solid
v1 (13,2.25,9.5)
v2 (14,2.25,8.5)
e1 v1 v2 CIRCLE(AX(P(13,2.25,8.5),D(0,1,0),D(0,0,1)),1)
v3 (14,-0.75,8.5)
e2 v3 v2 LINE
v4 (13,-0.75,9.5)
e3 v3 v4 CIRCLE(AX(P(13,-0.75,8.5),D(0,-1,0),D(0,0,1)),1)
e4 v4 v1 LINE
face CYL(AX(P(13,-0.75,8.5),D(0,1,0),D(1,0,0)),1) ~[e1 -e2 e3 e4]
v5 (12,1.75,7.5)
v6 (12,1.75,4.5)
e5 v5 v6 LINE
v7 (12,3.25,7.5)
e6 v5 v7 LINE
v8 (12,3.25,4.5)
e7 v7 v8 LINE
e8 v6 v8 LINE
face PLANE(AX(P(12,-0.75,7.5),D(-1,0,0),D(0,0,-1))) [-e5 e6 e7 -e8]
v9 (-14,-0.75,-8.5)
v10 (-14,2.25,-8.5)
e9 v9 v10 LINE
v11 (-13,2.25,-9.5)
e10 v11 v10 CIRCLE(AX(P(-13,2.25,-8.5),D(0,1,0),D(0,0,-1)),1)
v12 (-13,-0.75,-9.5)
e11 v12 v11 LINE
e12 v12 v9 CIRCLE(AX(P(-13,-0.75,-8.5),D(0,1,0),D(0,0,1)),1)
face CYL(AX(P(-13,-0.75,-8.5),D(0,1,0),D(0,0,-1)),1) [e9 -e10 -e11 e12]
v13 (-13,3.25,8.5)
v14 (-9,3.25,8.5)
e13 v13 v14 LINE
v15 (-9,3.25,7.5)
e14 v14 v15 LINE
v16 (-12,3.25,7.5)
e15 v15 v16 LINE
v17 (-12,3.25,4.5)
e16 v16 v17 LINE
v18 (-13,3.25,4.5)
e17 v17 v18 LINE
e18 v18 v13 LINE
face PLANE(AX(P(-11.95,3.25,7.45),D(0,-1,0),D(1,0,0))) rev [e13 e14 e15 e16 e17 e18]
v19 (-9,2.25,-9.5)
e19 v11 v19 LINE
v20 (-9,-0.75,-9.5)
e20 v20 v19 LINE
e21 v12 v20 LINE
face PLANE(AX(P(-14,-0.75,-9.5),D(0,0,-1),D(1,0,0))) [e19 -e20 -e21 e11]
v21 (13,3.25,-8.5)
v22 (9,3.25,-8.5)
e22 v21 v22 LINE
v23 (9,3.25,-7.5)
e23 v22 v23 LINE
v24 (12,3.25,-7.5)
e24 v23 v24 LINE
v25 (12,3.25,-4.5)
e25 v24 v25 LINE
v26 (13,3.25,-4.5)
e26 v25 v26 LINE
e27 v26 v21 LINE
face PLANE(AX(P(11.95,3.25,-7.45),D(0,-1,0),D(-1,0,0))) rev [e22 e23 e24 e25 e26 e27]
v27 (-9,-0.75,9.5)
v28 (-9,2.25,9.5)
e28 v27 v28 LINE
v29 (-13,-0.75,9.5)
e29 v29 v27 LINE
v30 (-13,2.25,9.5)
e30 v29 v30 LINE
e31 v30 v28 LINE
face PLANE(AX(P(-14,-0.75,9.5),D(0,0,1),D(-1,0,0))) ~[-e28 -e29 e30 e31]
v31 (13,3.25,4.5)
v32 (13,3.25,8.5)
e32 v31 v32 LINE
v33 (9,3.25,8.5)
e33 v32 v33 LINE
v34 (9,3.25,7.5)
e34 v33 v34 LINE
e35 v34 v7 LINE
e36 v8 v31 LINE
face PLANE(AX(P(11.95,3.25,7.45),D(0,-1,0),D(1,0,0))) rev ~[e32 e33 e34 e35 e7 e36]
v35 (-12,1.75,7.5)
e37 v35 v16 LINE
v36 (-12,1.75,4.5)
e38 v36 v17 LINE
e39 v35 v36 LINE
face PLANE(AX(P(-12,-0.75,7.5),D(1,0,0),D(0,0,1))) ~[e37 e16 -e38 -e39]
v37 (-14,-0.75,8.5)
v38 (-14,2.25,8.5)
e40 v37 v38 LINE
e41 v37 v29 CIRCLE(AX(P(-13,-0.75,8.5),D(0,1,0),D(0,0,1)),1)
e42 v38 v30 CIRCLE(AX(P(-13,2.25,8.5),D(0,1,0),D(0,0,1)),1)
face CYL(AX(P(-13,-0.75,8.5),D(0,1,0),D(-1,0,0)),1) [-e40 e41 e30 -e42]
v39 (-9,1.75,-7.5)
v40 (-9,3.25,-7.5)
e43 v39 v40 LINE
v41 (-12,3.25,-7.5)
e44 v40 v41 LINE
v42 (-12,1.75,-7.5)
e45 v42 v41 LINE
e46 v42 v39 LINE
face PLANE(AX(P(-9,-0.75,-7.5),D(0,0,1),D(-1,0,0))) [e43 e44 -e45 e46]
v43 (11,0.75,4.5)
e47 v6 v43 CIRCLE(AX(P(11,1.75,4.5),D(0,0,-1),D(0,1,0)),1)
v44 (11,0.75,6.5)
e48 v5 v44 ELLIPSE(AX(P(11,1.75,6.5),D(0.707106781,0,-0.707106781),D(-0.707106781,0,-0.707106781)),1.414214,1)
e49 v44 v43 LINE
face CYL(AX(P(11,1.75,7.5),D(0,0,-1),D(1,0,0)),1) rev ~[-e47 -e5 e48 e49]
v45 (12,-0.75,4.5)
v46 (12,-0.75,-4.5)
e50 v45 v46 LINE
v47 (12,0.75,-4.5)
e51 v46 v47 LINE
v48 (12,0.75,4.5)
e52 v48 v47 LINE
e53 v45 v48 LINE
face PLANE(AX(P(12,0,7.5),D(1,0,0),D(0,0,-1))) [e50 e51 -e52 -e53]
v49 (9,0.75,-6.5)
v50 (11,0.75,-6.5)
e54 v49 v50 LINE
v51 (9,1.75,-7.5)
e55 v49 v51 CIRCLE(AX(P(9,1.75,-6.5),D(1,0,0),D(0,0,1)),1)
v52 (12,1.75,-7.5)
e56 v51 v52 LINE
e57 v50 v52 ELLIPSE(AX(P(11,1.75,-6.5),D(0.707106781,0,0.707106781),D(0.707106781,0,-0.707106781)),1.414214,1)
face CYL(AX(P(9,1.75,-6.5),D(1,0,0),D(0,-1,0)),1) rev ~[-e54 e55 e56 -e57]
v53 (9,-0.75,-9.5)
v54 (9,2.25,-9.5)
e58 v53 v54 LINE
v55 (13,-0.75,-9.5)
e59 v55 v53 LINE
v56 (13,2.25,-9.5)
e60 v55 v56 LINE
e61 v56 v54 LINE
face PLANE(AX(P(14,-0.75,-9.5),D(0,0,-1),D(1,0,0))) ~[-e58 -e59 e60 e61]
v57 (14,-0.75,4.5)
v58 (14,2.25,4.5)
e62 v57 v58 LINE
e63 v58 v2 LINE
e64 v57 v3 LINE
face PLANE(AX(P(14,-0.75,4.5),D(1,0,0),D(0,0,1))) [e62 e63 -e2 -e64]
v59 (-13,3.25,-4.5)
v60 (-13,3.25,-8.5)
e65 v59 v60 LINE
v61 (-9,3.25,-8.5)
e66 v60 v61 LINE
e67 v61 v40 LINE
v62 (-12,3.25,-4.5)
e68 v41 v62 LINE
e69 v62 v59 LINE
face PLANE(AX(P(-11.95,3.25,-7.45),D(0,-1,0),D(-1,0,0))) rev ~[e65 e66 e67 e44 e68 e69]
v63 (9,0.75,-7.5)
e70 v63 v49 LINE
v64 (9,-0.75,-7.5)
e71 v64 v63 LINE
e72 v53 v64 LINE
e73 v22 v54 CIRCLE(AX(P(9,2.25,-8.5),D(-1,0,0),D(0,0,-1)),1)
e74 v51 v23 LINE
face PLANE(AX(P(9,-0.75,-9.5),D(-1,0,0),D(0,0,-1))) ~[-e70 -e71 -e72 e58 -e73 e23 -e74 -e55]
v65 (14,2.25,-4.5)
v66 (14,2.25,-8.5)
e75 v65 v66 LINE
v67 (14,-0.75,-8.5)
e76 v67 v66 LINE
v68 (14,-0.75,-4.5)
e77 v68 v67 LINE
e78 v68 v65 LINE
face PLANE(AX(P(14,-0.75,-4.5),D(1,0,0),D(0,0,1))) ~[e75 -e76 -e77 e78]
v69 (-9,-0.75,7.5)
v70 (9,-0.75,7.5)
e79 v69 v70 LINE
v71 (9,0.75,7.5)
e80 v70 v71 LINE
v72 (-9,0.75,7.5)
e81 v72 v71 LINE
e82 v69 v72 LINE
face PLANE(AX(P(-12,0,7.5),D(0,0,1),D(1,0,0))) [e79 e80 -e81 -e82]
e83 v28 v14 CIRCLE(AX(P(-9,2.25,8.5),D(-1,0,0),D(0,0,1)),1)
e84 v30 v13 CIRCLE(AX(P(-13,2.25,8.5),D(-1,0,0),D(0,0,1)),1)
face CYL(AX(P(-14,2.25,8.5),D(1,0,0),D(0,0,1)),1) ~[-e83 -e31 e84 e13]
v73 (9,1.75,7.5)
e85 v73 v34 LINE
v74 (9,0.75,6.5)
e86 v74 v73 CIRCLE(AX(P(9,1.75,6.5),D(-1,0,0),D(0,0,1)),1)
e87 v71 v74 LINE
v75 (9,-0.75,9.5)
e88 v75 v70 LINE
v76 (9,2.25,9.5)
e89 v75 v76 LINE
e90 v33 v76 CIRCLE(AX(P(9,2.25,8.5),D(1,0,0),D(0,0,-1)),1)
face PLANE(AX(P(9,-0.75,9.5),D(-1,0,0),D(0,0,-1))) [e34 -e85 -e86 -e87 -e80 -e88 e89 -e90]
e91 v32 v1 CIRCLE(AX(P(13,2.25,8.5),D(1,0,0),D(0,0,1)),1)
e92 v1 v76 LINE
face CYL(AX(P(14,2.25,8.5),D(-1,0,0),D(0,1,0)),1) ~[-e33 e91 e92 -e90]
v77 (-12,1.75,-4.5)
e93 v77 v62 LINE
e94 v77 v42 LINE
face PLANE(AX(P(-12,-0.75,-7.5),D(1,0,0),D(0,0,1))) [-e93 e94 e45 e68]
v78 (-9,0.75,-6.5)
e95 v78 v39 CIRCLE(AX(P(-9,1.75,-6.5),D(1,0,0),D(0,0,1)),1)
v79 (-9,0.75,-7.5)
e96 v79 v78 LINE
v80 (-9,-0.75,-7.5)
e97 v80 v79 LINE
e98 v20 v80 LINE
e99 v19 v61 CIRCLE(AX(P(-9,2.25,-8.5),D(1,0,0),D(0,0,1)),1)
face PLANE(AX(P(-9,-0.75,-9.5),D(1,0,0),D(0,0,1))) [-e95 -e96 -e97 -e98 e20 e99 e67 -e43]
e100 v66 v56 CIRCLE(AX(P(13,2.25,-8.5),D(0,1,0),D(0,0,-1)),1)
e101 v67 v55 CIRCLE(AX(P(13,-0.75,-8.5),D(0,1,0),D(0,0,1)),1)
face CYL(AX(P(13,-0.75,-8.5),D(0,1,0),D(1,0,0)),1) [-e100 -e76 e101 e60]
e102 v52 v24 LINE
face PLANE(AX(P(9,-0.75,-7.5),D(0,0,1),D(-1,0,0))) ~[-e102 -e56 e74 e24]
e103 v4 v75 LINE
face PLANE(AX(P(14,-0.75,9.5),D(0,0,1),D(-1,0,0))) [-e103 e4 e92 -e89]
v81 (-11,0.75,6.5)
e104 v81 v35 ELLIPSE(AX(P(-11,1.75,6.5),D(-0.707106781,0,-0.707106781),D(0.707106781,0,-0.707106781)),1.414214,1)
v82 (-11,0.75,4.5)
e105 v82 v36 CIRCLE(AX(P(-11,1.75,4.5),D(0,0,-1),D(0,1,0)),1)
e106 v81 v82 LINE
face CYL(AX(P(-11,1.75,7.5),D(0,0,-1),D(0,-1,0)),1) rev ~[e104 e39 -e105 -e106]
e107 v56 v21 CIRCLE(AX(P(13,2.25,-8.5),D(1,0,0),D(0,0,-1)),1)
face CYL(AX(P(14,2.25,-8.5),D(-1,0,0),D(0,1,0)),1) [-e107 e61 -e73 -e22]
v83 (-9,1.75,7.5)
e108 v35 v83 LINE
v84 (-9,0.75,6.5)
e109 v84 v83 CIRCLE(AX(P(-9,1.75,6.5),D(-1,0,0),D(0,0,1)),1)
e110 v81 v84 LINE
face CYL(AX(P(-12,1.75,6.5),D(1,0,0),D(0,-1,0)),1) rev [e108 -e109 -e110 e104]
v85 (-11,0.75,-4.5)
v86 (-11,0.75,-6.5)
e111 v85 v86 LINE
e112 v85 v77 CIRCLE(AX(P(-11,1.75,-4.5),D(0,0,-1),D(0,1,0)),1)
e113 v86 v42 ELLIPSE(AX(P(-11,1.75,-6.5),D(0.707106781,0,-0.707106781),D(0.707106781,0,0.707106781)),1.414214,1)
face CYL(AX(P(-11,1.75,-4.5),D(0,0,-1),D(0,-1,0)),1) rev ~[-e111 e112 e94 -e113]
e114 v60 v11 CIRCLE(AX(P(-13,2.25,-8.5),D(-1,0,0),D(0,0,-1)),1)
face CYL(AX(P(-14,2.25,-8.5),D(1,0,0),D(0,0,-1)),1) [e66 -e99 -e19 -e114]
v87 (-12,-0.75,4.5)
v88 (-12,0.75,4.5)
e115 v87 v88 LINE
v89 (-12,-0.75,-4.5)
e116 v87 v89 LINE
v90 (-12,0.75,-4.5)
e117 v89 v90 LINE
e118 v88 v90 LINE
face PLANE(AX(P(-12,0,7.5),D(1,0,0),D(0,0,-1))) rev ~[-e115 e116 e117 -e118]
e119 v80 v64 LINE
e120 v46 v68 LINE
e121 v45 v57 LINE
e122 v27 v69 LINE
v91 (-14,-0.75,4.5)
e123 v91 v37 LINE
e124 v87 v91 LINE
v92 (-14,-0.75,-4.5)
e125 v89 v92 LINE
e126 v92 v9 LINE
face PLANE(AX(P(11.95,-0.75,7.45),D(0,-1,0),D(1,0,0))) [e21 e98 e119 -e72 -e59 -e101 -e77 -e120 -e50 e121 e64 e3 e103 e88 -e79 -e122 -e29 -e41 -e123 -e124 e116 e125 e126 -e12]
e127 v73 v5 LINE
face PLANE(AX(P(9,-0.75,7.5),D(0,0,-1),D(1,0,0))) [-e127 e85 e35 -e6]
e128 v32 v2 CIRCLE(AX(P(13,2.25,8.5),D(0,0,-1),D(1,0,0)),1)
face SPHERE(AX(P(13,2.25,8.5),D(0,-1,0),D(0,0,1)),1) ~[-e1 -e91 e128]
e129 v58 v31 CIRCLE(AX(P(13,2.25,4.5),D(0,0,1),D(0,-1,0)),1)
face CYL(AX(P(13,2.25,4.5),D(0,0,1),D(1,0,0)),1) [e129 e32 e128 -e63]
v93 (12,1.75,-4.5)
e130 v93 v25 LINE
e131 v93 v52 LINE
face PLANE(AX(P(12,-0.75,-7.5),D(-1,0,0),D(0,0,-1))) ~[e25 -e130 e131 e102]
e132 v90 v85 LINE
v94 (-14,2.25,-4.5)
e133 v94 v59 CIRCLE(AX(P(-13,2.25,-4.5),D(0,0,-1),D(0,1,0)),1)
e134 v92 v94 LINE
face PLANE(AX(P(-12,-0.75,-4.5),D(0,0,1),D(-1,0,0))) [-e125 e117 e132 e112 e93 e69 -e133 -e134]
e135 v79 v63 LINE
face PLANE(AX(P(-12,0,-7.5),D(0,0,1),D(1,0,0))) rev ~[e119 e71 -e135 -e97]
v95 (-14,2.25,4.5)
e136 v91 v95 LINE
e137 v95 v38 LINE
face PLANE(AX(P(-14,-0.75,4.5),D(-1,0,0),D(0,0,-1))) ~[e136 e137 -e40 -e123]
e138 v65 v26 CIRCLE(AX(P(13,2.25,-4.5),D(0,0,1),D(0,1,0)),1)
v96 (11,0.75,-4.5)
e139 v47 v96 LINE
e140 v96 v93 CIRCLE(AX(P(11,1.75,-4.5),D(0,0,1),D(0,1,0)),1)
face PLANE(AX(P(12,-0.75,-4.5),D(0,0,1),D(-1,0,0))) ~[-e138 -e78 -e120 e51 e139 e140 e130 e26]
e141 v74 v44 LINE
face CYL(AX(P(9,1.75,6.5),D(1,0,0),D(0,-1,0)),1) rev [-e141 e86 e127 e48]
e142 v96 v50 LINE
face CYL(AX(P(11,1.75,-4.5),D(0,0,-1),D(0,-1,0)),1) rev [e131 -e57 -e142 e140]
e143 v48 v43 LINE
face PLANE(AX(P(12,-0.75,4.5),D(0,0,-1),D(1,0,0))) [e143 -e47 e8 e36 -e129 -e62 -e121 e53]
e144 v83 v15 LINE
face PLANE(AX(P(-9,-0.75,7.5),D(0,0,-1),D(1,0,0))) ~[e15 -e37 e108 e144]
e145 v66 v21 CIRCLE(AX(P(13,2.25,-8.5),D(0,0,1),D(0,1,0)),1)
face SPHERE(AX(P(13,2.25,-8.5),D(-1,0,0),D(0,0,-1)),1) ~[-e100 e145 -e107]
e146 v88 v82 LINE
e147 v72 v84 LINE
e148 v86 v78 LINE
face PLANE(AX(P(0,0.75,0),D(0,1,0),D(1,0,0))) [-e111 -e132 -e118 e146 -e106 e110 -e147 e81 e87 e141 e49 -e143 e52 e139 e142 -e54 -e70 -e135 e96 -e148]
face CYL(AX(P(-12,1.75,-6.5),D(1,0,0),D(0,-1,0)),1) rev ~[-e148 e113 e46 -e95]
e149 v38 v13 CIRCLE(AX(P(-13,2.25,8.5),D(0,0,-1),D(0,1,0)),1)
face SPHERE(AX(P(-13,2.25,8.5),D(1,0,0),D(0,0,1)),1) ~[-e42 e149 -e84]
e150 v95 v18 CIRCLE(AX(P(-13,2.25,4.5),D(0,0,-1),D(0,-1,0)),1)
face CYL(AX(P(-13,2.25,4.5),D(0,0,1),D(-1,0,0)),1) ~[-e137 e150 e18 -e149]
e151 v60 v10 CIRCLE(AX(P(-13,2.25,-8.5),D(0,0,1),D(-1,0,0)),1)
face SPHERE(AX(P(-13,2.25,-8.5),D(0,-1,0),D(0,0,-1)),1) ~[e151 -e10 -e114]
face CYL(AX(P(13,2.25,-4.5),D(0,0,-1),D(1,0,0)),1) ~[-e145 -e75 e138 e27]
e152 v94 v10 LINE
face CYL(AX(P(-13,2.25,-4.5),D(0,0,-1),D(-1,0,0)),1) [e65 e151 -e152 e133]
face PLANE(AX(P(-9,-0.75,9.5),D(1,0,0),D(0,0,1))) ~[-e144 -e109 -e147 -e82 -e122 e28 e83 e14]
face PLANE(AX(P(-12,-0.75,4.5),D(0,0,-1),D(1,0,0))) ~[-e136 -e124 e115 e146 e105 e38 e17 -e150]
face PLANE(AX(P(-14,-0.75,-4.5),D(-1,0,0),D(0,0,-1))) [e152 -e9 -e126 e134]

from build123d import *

# Parameters (mm, degrees)
SKETCH1_W            = 24
SKETCH1_H            = 15
BOSS_EXTRUDE1_DEPTH  = 0.75
BOSS_EXTRUDE2_START  = -1.5
BOSS_EXTRUDE2_DEPTH  = 4
MIRROR2_START        = -1.5
MIRROR2_COPY_1_DEPTH = 4
FILLET1_R            = 1


with BuildPart() as part:
    # Sketch1 → Boss-Extrude1 (new, symmetric)
    with BuildSketch(Plane(origin=(0, 0, 0), x_dir=(1, 0, 0), z_dir=(0, 1, 0))):
        Rectangle(SKETCH1_W, SKETCH1_H)
    extrude(amount=BOSS_EXTRUDE1_DEPTH, both=True)

    # Sketch2 → Boss-Extrude2 (add)
    with BuildSketch(Plane(origin=(0, 0.75, 0), x_dir=(1, 0, 0), z_dir=(0, 1, 0)).offset(BOSS_EXTRUDE2_START)):
        Polygon((-12, 4.5), (-14, 4.5), (-14, 9.5), (-9, 9.5), (-9, 7.5), (-12, 7.5), align=None)
    boss_extrude2 = extrude(amount=BOSS_EXTRUDE2_DEPTH)

    # Mirror1: Boss-Extrude2 across plane
    add(boss_extrude2.mirror(Plane(origin=(0, 0, 0), x_dir=(0, 0, 1), z_dir=(1, 0, 0))))

    # Mirror2: Boss-Extrude2 across plane
    add(boss_extrude2.mirror(Plane.XY))

    # Mirror2 copy 1 sketch → Mirror2 copy 1 (add)
    with BuildSketch(Plane(origin=(0, 0.75, 0), x_dir=(-1, 0, 0), z_dir=(0, 1, 0)).offset(MIRROR2_START)):
        Polygon((-12, 4.5), (-14, 4.5), (-14, 9.5), (-9, 9.5), (-9, 7.5), (-12, 7.5), align=None)
    extrude(amount=MIRROR2_COPY_1_DEPTH)

    # Fillet1
    fillet1_edges = [part.edges().sort_by_distance(p)[0] for p in [
        (12, 0.75, 6),
        (-10.5, 0.75, -7.5),
        (10.5, 0.75, -7.5),
        (-14, 1.25, -9.5),
        (-11.5, 3.25, -9.5),
        (-14, 3.25, -7),
        (12, 0.75, -6),
        (11.5, 3.25, -9.5),
        (14, 1.25, -9.5),
        (14, 3.25, -7),
        (-12, 0.75, -6),
        (-12, 0.75, 6),
        (-11.5, 3.25, 9.5),
        (-14, 1.25, 9.5),
        (-14, 3.25, 7),
        (10.5, 0.75, 7.5),
        (14, 1.25, 9.5),
        (11.5, 3.25, 9.5),
        (14, 3.25, 7),
        (-10.5, 0.75, 7.5),
    ]]
    fillet(fillet1_edges, radius=FILLET1_R)


solid = part.part
